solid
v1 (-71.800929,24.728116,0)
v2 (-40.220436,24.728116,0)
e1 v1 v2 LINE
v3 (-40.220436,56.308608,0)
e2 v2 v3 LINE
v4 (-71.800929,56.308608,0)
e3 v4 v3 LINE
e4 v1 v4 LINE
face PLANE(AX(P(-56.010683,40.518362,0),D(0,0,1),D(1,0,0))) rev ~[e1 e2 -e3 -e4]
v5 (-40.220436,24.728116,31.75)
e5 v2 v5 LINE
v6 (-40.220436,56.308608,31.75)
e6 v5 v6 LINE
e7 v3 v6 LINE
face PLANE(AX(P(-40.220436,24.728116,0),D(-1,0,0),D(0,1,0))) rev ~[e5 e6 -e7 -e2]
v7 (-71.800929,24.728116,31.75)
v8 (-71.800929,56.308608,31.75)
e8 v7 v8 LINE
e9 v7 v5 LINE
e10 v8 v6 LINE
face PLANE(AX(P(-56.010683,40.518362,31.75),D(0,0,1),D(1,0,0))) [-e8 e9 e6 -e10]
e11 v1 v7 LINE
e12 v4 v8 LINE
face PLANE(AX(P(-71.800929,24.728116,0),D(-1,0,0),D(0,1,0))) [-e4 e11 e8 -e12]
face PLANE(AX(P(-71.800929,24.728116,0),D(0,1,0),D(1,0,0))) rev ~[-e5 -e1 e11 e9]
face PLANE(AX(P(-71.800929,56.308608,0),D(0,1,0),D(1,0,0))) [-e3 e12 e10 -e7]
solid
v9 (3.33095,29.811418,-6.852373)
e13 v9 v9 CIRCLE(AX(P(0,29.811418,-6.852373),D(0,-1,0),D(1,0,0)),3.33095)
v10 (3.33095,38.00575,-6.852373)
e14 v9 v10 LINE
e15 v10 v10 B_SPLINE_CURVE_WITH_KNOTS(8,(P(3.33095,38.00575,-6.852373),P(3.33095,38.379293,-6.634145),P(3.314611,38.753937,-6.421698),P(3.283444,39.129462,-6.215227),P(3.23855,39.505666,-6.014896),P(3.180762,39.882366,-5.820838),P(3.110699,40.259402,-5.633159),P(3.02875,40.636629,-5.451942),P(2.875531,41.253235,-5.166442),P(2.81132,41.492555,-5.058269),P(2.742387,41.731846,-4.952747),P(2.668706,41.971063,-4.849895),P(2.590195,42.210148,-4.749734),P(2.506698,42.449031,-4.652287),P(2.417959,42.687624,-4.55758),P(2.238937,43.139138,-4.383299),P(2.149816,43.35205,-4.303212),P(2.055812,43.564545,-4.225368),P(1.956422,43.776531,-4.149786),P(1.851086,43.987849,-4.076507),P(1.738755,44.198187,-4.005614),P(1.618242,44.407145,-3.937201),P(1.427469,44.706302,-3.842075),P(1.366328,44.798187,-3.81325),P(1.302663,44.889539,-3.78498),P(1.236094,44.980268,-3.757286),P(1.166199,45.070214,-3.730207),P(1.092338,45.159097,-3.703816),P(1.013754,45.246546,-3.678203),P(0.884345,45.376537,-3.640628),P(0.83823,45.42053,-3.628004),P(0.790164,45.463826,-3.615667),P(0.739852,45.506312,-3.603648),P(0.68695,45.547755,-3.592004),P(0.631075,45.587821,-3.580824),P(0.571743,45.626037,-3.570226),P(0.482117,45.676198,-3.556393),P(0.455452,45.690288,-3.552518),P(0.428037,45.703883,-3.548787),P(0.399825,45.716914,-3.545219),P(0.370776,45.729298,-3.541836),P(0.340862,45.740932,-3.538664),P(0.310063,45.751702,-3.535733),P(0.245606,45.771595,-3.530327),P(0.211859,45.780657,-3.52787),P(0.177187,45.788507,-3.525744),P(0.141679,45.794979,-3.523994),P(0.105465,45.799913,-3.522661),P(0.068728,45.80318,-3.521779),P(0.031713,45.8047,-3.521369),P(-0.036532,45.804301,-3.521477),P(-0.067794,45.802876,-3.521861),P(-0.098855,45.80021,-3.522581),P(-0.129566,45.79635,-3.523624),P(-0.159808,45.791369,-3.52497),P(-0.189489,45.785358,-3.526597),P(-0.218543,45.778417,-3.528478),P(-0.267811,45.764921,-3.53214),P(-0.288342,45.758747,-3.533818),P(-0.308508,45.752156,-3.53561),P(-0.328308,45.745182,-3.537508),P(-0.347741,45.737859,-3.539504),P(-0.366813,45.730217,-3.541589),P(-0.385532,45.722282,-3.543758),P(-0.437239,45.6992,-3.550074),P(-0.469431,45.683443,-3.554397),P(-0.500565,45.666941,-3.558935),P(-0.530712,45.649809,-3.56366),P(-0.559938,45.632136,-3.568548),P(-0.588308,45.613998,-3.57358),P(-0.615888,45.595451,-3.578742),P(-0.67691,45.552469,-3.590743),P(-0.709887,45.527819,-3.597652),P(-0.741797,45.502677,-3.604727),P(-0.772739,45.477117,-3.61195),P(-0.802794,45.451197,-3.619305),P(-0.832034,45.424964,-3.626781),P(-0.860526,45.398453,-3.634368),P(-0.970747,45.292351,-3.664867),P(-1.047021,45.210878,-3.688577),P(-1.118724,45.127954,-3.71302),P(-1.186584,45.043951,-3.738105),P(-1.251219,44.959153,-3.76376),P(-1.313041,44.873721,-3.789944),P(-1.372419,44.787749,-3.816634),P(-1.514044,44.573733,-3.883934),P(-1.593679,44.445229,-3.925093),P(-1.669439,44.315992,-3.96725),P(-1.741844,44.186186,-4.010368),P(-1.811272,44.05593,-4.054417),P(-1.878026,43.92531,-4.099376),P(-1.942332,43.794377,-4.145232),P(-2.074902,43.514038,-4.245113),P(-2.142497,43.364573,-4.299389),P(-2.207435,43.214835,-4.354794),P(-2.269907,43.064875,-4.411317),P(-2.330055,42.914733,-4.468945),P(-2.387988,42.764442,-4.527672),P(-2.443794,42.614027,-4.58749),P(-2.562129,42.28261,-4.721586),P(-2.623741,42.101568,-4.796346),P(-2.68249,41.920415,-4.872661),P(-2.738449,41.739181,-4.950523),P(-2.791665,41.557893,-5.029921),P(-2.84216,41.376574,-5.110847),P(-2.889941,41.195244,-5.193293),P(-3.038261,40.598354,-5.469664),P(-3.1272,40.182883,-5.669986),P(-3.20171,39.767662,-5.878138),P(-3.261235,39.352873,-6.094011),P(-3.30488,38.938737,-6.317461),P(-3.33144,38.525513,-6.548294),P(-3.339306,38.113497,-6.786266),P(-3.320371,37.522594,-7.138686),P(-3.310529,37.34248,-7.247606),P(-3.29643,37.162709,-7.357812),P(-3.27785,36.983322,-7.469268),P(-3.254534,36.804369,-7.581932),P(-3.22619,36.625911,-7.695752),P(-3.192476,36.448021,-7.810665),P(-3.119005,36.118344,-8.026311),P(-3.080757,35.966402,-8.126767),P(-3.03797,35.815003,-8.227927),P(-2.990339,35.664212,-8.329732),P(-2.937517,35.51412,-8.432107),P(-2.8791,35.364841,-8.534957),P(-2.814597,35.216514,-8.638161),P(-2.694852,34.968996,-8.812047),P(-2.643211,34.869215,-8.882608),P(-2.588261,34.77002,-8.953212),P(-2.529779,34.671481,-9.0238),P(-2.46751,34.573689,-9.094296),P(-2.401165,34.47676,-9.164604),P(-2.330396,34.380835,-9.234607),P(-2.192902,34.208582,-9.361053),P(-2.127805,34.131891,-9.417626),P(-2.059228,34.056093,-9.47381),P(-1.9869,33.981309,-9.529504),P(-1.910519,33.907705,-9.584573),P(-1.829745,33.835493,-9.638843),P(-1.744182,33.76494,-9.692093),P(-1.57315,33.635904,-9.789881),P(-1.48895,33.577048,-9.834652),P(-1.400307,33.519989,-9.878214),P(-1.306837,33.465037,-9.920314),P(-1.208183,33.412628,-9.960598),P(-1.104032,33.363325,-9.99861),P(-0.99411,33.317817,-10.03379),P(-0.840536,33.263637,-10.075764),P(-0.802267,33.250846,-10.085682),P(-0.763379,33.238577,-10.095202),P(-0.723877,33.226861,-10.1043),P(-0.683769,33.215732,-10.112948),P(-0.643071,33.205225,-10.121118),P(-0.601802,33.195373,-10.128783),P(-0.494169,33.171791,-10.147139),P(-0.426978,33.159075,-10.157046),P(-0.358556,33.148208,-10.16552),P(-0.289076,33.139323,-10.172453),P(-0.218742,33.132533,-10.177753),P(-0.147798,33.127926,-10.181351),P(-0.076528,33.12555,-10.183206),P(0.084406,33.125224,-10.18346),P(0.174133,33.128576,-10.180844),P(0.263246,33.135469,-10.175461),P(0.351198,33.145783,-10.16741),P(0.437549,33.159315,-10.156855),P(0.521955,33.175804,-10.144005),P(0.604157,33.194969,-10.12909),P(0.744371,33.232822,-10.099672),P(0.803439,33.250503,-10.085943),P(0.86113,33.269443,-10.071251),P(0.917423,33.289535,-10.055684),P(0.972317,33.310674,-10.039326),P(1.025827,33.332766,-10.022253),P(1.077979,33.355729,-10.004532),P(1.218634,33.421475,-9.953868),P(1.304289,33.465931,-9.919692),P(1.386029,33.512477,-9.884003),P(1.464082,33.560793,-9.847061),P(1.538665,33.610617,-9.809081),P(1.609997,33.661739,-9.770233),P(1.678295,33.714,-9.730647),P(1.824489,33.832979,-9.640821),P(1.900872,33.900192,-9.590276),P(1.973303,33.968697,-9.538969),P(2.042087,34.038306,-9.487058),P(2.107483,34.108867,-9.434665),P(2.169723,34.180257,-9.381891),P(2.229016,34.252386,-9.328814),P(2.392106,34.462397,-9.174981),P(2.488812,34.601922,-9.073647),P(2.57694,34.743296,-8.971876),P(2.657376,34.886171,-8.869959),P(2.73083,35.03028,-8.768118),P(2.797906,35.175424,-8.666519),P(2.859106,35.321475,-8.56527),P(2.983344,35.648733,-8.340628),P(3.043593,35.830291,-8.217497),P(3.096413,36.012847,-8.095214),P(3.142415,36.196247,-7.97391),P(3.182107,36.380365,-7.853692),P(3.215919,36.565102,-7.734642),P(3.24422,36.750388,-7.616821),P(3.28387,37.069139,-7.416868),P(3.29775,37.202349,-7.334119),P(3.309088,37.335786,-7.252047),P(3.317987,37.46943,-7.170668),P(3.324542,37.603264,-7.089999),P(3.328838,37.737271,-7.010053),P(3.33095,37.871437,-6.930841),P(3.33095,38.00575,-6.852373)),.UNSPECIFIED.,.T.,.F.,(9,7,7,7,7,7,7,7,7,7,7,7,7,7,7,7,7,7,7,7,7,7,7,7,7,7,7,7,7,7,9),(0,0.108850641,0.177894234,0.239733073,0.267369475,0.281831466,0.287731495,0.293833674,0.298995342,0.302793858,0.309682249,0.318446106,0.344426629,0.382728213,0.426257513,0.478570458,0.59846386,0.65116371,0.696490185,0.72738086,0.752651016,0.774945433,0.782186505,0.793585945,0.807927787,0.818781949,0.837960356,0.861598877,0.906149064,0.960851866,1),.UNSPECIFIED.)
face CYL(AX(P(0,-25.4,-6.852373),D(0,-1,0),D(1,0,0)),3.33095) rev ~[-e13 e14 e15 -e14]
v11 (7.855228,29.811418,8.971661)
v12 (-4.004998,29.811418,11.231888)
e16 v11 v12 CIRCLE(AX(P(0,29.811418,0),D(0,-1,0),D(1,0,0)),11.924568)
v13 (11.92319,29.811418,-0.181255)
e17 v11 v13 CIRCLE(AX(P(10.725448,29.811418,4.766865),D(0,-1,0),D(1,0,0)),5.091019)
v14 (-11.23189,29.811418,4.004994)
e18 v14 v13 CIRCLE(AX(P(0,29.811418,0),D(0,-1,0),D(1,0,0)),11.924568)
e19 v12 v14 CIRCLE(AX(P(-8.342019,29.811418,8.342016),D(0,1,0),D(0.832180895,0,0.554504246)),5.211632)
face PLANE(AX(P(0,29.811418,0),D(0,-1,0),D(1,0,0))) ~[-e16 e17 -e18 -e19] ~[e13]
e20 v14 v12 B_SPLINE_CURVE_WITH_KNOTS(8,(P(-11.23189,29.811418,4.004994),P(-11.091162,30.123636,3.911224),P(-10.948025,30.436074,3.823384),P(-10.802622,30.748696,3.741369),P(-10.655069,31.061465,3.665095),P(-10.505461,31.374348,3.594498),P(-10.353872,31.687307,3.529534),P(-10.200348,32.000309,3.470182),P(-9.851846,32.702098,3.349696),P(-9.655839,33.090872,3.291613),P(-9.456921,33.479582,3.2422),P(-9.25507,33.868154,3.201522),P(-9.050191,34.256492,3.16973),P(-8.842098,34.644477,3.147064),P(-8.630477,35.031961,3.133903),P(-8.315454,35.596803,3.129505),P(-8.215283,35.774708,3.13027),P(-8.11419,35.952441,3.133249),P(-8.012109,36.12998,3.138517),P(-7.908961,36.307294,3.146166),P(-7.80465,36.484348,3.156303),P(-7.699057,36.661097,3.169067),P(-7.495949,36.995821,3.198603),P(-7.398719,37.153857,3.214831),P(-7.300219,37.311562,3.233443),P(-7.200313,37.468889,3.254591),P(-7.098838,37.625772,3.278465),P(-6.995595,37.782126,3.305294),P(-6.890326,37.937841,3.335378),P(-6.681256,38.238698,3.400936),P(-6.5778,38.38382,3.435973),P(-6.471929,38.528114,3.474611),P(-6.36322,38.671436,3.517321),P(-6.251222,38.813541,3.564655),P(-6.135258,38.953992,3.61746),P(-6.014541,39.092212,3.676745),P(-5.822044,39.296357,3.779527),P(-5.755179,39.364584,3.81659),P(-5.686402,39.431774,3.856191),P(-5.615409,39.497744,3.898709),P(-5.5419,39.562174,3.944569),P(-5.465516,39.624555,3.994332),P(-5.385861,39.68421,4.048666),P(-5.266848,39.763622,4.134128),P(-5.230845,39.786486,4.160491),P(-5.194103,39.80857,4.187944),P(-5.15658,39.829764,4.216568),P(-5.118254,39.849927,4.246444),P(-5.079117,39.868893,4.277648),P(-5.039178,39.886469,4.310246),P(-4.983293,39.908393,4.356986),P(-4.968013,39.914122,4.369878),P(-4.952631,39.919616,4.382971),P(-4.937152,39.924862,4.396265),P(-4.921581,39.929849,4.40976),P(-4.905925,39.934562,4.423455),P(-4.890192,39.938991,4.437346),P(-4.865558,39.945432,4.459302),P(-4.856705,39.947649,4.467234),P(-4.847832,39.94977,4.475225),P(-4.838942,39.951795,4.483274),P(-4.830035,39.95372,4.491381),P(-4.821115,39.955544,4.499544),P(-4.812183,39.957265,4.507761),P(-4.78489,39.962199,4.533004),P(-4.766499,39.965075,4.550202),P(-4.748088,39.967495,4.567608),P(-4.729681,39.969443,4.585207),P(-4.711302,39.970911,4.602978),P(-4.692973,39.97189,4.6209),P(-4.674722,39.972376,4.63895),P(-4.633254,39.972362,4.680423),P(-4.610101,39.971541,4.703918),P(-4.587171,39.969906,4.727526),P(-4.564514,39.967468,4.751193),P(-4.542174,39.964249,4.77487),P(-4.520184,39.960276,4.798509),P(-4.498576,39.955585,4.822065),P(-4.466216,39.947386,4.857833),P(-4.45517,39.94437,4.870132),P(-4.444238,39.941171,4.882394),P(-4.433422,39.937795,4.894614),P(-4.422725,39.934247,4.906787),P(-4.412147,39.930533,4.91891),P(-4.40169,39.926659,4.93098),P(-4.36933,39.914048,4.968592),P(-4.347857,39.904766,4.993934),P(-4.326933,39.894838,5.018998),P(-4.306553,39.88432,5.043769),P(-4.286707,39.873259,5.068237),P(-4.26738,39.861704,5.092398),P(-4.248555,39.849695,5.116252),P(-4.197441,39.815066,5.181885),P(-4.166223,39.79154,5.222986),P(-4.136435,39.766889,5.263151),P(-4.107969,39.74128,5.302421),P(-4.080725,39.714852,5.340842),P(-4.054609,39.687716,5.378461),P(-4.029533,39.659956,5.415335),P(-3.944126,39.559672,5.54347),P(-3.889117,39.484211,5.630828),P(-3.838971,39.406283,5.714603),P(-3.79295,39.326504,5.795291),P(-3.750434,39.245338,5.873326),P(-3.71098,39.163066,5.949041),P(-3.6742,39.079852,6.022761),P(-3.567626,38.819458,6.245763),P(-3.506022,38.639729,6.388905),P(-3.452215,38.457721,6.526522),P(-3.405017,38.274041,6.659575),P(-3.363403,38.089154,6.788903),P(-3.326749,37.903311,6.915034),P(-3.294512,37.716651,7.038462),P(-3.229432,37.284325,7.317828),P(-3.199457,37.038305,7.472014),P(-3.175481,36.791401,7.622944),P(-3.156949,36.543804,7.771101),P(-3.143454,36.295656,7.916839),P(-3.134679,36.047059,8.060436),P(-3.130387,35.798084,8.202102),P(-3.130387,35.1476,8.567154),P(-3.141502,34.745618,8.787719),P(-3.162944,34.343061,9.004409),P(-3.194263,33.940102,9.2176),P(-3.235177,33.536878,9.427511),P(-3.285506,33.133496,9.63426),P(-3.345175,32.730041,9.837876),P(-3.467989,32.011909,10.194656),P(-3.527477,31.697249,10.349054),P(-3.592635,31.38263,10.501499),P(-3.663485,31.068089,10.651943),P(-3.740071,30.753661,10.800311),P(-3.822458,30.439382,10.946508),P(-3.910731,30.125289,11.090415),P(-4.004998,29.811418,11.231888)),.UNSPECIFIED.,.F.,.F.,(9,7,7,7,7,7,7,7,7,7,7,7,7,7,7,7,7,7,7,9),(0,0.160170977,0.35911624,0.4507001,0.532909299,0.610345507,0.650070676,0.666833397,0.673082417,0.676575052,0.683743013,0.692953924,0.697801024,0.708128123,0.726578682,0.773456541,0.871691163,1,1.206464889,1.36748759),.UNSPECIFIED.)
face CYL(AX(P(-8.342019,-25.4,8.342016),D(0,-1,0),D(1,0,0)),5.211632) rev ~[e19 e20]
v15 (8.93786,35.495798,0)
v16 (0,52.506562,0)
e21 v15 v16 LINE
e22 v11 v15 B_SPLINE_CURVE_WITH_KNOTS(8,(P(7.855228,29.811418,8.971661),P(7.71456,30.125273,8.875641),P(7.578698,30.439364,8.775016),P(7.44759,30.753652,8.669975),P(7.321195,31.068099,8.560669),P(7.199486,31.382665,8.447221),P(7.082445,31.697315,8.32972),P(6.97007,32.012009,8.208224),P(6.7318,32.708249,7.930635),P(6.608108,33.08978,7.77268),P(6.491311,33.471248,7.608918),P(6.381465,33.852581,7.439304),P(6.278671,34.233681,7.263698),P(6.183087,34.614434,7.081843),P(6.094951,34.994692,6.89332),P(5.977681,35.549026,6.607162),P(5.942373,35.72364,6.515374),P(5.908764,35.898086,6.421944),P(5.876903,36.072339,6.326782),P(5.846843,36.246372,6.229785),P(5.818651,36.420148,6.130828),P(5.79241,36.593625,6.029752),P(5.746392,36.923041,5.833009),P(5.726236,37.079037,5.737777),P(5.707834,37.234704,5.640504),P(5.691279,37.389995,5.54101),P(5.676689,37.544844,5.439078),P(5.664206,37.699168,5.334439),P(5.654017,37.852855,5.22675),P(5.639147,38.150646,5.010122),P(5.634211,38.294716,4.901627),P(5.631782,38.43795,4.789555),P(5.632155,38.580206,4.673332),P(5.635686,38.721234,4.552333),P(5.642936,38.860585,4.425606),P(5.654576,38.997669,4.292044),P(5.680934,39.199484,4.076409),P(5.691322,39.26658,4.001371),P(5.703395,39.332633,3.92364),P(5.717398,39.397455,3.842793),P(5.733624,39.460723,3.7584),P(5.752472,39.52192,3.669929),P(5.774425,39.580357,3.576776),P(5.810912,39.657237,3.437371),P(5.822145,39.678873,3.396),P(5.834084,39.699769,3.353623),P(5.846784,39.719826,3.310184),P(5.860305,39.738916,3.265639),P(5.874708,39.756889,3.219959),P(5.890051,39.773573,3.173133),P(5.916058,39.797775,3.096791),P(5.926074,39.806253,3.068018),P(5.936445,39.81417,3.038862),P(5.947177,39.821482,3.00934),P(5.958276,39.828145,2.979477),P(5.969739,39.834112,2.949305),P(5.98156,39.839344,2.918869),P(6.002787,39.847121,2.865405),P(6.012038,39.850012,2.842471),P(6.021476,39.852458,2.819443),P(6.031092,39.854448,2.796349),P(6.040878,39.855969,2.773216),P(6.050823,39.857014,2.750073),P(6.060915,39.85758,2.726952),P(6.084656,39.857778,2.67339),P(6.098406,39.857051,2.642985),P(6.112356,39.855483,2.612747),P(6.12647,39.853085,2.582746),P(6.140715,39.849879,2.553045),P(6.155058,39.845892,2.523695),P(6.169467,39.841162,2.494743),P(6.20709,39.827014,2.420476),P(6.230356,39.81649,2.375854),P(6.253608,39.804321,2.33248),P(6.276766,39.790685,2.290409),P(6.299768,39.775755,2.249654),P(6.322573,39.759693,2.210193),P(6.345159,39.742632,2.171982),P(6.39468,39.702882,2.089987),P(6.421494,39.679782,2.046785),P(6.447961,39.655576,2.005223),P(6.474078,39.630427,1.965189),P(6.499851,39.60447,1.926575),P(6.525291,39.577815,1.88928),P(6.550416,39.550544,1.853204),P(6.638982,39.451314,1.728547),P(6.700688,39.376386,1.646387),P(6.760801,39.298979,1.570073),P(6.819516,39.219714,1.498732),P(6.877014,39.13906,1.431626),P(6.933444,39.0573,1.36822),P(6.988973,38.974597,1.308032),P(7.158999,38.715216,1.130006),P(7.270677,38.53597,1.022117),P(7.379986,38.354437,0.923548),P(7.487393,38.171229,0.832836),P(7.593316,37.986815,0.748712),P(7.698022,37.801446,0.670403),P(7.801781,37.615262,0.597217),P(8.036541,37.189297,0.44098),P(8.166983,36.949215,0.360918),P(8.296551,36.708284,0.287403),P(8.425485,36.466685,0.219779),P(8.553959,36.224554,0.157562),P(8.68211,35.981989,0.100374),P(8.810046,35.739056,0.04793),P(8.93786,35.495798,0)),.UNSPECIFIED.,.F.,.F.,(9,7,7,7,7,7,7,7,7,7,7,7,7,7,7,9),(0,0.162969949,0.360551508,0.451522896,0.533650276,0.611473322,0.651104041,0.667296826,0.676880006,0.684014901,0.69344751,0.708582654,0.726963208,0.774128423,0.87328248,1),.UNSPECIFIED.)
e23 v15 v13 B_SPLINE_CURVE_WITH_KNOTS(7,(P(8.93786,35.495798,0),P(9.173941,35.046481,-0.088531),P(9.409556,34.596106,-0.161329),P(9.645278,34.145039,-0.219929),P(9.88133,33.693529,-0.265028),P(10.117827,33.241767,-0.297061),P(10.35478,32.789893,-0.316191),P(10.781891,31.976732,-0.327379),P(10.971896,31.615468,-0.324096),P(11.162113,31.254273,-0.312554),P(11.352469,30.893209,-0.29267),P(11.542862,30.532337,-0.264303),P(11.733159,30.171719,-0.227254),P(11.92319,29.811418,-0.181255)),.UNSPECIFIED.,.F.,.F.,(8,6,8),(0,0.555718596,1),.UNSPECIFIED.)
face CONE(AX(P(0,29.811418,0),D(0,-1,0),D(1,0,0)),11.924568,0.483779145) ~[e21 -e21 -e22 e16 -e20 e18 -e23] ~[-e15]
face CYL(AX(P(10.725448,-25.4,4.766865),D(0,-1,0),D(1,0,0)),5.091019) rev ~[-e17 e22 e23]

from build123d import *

# Parameters (mm, degrees)
F0_W     = 31.580493
F0_H     = 31.580493
F1_DEPTH = 31.75
F5_R     = 5.211632
F5_R_2   = 5.091019
F5_R_3   = 3.33095
F6_DEPTH = 81.709609


with BuildPart() as f1:
    # F0 (on Top) → F1 (new body)
    with BuildSketch(Plane.XY):
        with Locations((-56.010683, 40.518362)):
            Rectangle(F0_W, F0_H)
    extrude(amount=F1_DEPTH)


with BuildPart() as f3:
    # F2 (on Top) → F3 (revolve)
    with BuildSketch(Plane.XY):
        Polygon((11.924568, 29.811418), (0, 52.506562), (0, 29.811418), align=None)
    revolve(axis=Axis((0, 41.15899, 0), (0, -1, 0)))

    # F5 (on offset) → F6 (cut, through all)
    with BuildSketch(Plane.XZ.offset(25.4)):
        with Locations((-8.342019, 8.342016)):
            Circle(F5_R)
        with Locations((10.725448, 4.766865)):
            Circle(F5_R_2)
        with Locations((0, -6.852373)):
            Circle(F5_R_3)
    extrude(amount=-F6_DEPTH, mode=Mode.SUBTRACT)


solid = Compound([f1.part, f3.part])
